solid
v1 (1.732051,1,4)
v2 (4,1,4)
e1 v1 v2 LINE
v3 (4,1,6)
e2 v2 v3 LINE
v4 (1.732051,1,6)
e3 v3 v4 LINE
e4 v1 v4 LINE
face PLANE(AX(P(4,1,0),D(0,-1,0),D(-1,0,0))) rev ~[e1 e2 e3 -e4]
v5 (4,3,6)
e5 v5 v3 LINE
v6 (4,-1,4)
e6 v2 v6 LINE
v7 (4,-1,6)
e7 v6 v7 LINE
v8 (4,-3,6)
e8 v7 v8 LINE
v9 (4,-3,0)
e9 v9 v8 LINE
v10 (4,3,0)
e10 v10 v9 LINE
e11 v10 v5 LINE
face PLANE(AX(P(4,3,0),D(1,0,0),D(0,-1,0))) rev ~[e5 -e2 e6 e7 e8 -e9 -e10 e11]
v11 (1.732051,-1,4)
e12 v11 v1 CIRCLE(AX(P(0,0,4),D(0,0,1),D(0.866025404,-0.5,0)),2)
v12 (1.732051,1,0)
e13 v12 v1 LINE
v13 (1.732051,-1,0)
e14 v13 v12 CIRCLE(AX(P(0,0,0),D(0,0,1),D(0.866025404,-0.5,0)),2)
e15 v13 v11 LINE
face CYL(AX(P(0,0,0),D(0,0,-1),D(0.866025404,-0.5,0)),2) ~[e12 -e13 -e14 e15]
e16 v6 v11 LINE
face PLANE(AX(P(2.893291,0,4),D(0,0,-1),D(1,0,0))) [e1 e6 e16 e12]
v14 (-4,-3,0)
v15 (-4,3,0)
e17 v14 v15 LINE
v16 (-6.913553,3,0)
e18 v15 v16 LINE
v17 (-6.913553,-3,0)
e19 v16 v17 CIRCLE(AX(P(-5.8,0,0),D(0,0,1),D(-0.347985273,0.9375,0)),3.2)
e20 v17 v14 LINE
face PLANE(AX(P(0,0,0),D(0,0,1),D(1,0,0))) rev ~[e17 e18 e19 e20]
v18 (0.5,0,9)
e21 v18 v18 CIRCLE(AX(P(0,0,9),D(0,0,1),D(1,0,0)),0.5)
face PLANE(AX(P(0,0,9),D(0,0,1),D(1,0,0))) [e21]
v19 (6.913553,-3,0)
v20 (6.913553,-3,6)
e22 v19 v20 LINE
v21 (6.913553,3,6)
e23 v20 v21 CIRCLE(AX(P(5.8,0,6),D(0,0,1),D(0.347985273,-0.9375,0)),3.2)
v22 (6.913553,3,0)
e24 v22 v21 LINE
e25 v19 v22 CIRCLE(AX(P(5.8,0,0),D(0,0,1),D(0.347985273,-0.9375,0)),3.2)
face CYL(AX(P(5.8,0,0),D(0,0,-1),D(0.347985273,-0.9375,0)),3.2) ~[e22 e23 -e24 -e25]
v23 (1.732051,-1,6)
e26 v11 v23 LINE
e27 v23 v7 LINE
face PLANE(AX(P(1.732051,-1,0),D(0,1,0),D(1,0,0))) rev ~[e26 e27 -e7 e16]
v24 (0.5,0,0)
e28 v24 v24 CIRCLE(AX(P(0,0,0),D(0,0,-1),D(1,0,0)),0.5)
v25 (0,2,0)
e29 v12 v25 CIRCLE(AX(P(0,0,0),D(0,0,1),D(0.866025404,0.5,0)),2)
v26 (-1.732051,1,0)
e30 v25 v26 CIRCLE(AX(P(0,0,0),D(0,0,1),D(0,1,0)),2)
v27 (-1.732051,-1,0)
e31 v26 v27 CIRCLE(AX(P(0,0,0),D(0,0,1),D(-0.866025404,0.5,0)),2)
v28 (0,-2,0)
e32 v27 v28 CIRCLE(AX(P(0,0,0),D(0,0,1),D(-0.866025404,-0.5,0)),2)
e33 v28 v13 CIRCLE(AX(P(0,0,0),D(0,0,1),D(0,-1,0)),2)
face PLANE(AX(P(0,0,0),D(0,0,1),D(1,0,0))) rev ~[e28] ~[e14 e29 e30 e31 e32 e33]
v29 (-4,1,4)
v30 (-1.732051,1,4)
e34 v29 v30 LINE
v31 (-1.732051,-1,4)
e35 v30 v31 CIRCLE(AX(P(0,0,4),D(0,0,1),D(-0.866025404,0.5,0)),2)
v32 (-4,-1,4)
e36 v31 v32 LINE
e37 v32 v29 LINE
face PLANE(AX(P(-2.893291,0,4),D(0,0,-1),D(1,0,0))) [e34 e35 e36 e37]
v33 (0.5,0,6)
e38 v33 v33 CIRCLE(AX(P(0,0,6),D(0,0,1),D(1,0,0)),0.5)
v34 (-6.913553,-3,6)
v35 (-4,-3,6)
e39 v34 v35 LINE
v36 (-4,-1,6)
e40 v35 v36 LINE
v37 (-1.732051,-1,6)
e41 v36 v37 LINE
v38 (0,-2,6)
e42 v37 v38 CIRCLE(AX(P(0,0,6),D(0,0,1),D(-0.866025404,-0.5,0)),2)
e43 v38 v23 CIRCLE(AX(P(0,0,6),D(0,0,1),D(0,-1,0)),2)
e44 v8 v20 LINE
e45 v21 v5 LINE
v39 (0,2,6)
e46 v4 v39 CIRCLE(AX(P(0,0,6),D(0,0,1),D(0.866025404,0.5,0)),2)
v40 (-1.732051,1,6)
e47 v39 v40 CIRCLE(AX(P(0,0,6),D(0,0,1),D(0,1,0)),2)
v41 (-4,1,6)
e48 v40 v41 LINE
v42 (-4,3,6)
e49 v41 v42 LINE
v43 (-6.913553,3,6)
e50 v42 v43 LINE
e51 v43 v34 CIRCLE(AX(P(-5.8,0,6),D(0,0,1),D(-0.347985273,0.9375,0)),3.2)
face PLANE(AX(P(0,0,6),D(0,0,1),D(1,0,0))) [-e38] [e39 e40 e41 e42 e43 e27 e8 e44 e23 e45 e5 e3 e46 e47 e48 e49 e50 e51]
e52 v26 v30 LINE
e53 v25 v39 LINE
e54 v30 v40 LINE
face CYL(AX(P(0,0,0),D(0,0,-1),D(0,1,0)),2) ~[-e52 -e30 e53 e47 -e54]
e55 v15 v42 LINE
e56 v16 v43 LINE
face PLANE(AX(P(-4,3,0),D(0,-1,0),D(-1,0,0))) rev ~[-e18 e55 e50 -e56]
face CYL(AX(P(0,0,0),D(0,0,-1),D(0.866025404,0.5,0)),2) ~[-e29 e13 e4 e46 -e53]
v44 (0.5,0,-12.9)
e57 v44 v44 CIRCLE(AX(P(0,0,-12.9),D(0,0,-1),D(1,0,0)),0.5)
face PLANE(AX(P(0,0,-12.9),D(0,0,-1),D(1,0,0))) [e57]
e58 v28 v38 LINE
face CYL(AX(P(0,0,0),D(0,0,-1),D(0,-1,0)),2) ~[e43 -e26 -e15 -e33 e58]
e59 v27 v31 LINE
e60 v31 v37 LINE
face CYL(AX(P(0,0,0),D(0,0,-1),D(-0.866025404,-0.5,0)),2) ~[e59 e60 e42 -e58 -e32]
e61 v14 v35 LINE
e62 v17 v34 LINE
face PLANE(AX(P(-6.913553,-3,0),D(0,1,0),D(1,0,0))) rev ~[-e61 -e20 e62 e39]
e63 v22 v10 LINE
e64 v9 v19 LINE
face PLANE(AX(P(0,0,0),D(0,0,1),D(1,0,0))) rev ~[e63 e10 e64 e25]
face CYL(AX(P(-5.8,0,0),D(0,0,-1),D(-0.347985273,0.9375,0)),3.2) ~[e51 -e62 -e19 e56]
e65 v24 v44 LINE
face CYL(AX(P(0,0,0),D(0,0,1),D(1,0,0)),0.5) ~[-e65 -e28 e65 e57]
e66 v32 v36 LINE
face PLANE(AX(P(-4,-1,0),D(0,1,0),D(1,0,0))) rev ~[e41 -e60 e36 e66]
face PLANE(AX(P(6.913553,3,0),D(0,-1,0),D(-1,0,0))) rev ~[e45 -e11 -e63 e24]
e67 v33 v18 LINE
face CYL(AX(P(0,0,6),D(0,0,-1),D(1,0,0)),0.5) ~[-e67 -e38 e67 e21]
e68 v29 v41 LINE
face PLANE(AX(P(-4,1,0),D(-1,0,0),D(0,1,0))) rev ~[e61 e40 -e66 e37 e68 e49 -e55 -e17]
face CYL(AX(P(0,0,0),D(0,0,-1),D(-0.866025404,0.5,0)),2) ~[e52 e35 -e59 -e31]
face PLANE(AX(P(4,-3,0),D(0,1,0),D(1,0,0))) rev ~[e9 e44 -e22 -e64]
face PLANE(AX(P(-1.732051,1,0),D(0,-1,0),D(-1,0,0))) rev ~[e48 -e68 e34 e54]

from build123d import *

# Parameters (mm, degrees)
F1_DEPTH = 6
F3_DEPTH = 4
F4_R     = 0.5
F5_DEPTH = 3
F6_R     = 0.5
F7_DEPTH = 12.9


with BuildPart() as f1:
    # F0 (on Top) → F1 (new body)
    with BuildSketch(Plane.XY):
        with BuildLine():
            Line((4, 1), (1.7320508076, 1))
            ThreePointArc((1.7320508076, 1), (1, 1.7320508076), (0, 2))
            ThreePointArc((0, 2), (-1, 1.7320508076), (-1.7320508076, 1))
            Line((-1.7320508076, 1), (-4, 1))
            Line((-4, 1), (-4, 3))
            Line((-4, 3), (-6.9135528726, 3))
            ThreePointArc((-6.9135528726, 3), (-9, 0), (-6.9135528726, -3))
            Line((-6.9135528726, -3), (-4, -3))
            Line((-4, -3), (-4, -1))
            Line((-4, -1), (-1.7320508076, -1))
            ThreePointArc((-1.7320508076, -1), (-1, -1.7320508076), (0, -2))
            ThreePointArc((0, -2), (1, -1.7320508076), (1.7320508076, -1))
            Line((1.7320508076, -1), (4, -1))
            Line((4, -1), (4, -3))
            Line((4, -3), (6.9135528726, -3))
            ThreePointArc((6.9135528726, -3), (9, 0), (6.9135528726, 3))
            Line((6.9135528726, 3), (4, 3))
            Line((4, 3), (4, 1))
        make_face()
    extrude(amount=F1_DEPTH)

    # F2 (on face) → F3 (cut)
    with BuildSketch(Plane(origin=(0, 0, 0), x_dir=(1, 0, 0), z_dir=(0, 0, -1))):
        with BuildLine():
            ThreePointArc((-1.7320508076, -1), (-2, 0), (-1.7320508076, 1))
            Line((-1.7320508076, 1), (-4, 1))
            Line((-4, 1), (-4, -1))
            Line((-4, -1), (-1.7320508076, -1))
        make_face()
        with BuildLine():
            ThreePointArc((1.7320508076, 1), (2, 0), (1.7320508076, -1))
            Line((1.7320508076, -1), (4, -1))
            Line((4, -1), (4, 1))
            Line((4, 1), (1.7320508076, 1))
        make_face()
    extrude(amount=-F3_DEPTH, mode=Mode.SUBTRACT)

    # F4 (on face) → F5 (join)
    with BuildSketch(Plane.XY.offset(6)):
        Circle(F4_R)
    extrude(amount=F5_DEPTH)

    # F6 (on face) → F7 (join)
    with BuildSketch(Plane(origin=(0, 0, 0), x_dir=(1, 0, 0), z_dir=(0, 0, -1))):
        Circle(F6_R)
    extrude(amount=F7_DEPTH)


solid = f1.part
